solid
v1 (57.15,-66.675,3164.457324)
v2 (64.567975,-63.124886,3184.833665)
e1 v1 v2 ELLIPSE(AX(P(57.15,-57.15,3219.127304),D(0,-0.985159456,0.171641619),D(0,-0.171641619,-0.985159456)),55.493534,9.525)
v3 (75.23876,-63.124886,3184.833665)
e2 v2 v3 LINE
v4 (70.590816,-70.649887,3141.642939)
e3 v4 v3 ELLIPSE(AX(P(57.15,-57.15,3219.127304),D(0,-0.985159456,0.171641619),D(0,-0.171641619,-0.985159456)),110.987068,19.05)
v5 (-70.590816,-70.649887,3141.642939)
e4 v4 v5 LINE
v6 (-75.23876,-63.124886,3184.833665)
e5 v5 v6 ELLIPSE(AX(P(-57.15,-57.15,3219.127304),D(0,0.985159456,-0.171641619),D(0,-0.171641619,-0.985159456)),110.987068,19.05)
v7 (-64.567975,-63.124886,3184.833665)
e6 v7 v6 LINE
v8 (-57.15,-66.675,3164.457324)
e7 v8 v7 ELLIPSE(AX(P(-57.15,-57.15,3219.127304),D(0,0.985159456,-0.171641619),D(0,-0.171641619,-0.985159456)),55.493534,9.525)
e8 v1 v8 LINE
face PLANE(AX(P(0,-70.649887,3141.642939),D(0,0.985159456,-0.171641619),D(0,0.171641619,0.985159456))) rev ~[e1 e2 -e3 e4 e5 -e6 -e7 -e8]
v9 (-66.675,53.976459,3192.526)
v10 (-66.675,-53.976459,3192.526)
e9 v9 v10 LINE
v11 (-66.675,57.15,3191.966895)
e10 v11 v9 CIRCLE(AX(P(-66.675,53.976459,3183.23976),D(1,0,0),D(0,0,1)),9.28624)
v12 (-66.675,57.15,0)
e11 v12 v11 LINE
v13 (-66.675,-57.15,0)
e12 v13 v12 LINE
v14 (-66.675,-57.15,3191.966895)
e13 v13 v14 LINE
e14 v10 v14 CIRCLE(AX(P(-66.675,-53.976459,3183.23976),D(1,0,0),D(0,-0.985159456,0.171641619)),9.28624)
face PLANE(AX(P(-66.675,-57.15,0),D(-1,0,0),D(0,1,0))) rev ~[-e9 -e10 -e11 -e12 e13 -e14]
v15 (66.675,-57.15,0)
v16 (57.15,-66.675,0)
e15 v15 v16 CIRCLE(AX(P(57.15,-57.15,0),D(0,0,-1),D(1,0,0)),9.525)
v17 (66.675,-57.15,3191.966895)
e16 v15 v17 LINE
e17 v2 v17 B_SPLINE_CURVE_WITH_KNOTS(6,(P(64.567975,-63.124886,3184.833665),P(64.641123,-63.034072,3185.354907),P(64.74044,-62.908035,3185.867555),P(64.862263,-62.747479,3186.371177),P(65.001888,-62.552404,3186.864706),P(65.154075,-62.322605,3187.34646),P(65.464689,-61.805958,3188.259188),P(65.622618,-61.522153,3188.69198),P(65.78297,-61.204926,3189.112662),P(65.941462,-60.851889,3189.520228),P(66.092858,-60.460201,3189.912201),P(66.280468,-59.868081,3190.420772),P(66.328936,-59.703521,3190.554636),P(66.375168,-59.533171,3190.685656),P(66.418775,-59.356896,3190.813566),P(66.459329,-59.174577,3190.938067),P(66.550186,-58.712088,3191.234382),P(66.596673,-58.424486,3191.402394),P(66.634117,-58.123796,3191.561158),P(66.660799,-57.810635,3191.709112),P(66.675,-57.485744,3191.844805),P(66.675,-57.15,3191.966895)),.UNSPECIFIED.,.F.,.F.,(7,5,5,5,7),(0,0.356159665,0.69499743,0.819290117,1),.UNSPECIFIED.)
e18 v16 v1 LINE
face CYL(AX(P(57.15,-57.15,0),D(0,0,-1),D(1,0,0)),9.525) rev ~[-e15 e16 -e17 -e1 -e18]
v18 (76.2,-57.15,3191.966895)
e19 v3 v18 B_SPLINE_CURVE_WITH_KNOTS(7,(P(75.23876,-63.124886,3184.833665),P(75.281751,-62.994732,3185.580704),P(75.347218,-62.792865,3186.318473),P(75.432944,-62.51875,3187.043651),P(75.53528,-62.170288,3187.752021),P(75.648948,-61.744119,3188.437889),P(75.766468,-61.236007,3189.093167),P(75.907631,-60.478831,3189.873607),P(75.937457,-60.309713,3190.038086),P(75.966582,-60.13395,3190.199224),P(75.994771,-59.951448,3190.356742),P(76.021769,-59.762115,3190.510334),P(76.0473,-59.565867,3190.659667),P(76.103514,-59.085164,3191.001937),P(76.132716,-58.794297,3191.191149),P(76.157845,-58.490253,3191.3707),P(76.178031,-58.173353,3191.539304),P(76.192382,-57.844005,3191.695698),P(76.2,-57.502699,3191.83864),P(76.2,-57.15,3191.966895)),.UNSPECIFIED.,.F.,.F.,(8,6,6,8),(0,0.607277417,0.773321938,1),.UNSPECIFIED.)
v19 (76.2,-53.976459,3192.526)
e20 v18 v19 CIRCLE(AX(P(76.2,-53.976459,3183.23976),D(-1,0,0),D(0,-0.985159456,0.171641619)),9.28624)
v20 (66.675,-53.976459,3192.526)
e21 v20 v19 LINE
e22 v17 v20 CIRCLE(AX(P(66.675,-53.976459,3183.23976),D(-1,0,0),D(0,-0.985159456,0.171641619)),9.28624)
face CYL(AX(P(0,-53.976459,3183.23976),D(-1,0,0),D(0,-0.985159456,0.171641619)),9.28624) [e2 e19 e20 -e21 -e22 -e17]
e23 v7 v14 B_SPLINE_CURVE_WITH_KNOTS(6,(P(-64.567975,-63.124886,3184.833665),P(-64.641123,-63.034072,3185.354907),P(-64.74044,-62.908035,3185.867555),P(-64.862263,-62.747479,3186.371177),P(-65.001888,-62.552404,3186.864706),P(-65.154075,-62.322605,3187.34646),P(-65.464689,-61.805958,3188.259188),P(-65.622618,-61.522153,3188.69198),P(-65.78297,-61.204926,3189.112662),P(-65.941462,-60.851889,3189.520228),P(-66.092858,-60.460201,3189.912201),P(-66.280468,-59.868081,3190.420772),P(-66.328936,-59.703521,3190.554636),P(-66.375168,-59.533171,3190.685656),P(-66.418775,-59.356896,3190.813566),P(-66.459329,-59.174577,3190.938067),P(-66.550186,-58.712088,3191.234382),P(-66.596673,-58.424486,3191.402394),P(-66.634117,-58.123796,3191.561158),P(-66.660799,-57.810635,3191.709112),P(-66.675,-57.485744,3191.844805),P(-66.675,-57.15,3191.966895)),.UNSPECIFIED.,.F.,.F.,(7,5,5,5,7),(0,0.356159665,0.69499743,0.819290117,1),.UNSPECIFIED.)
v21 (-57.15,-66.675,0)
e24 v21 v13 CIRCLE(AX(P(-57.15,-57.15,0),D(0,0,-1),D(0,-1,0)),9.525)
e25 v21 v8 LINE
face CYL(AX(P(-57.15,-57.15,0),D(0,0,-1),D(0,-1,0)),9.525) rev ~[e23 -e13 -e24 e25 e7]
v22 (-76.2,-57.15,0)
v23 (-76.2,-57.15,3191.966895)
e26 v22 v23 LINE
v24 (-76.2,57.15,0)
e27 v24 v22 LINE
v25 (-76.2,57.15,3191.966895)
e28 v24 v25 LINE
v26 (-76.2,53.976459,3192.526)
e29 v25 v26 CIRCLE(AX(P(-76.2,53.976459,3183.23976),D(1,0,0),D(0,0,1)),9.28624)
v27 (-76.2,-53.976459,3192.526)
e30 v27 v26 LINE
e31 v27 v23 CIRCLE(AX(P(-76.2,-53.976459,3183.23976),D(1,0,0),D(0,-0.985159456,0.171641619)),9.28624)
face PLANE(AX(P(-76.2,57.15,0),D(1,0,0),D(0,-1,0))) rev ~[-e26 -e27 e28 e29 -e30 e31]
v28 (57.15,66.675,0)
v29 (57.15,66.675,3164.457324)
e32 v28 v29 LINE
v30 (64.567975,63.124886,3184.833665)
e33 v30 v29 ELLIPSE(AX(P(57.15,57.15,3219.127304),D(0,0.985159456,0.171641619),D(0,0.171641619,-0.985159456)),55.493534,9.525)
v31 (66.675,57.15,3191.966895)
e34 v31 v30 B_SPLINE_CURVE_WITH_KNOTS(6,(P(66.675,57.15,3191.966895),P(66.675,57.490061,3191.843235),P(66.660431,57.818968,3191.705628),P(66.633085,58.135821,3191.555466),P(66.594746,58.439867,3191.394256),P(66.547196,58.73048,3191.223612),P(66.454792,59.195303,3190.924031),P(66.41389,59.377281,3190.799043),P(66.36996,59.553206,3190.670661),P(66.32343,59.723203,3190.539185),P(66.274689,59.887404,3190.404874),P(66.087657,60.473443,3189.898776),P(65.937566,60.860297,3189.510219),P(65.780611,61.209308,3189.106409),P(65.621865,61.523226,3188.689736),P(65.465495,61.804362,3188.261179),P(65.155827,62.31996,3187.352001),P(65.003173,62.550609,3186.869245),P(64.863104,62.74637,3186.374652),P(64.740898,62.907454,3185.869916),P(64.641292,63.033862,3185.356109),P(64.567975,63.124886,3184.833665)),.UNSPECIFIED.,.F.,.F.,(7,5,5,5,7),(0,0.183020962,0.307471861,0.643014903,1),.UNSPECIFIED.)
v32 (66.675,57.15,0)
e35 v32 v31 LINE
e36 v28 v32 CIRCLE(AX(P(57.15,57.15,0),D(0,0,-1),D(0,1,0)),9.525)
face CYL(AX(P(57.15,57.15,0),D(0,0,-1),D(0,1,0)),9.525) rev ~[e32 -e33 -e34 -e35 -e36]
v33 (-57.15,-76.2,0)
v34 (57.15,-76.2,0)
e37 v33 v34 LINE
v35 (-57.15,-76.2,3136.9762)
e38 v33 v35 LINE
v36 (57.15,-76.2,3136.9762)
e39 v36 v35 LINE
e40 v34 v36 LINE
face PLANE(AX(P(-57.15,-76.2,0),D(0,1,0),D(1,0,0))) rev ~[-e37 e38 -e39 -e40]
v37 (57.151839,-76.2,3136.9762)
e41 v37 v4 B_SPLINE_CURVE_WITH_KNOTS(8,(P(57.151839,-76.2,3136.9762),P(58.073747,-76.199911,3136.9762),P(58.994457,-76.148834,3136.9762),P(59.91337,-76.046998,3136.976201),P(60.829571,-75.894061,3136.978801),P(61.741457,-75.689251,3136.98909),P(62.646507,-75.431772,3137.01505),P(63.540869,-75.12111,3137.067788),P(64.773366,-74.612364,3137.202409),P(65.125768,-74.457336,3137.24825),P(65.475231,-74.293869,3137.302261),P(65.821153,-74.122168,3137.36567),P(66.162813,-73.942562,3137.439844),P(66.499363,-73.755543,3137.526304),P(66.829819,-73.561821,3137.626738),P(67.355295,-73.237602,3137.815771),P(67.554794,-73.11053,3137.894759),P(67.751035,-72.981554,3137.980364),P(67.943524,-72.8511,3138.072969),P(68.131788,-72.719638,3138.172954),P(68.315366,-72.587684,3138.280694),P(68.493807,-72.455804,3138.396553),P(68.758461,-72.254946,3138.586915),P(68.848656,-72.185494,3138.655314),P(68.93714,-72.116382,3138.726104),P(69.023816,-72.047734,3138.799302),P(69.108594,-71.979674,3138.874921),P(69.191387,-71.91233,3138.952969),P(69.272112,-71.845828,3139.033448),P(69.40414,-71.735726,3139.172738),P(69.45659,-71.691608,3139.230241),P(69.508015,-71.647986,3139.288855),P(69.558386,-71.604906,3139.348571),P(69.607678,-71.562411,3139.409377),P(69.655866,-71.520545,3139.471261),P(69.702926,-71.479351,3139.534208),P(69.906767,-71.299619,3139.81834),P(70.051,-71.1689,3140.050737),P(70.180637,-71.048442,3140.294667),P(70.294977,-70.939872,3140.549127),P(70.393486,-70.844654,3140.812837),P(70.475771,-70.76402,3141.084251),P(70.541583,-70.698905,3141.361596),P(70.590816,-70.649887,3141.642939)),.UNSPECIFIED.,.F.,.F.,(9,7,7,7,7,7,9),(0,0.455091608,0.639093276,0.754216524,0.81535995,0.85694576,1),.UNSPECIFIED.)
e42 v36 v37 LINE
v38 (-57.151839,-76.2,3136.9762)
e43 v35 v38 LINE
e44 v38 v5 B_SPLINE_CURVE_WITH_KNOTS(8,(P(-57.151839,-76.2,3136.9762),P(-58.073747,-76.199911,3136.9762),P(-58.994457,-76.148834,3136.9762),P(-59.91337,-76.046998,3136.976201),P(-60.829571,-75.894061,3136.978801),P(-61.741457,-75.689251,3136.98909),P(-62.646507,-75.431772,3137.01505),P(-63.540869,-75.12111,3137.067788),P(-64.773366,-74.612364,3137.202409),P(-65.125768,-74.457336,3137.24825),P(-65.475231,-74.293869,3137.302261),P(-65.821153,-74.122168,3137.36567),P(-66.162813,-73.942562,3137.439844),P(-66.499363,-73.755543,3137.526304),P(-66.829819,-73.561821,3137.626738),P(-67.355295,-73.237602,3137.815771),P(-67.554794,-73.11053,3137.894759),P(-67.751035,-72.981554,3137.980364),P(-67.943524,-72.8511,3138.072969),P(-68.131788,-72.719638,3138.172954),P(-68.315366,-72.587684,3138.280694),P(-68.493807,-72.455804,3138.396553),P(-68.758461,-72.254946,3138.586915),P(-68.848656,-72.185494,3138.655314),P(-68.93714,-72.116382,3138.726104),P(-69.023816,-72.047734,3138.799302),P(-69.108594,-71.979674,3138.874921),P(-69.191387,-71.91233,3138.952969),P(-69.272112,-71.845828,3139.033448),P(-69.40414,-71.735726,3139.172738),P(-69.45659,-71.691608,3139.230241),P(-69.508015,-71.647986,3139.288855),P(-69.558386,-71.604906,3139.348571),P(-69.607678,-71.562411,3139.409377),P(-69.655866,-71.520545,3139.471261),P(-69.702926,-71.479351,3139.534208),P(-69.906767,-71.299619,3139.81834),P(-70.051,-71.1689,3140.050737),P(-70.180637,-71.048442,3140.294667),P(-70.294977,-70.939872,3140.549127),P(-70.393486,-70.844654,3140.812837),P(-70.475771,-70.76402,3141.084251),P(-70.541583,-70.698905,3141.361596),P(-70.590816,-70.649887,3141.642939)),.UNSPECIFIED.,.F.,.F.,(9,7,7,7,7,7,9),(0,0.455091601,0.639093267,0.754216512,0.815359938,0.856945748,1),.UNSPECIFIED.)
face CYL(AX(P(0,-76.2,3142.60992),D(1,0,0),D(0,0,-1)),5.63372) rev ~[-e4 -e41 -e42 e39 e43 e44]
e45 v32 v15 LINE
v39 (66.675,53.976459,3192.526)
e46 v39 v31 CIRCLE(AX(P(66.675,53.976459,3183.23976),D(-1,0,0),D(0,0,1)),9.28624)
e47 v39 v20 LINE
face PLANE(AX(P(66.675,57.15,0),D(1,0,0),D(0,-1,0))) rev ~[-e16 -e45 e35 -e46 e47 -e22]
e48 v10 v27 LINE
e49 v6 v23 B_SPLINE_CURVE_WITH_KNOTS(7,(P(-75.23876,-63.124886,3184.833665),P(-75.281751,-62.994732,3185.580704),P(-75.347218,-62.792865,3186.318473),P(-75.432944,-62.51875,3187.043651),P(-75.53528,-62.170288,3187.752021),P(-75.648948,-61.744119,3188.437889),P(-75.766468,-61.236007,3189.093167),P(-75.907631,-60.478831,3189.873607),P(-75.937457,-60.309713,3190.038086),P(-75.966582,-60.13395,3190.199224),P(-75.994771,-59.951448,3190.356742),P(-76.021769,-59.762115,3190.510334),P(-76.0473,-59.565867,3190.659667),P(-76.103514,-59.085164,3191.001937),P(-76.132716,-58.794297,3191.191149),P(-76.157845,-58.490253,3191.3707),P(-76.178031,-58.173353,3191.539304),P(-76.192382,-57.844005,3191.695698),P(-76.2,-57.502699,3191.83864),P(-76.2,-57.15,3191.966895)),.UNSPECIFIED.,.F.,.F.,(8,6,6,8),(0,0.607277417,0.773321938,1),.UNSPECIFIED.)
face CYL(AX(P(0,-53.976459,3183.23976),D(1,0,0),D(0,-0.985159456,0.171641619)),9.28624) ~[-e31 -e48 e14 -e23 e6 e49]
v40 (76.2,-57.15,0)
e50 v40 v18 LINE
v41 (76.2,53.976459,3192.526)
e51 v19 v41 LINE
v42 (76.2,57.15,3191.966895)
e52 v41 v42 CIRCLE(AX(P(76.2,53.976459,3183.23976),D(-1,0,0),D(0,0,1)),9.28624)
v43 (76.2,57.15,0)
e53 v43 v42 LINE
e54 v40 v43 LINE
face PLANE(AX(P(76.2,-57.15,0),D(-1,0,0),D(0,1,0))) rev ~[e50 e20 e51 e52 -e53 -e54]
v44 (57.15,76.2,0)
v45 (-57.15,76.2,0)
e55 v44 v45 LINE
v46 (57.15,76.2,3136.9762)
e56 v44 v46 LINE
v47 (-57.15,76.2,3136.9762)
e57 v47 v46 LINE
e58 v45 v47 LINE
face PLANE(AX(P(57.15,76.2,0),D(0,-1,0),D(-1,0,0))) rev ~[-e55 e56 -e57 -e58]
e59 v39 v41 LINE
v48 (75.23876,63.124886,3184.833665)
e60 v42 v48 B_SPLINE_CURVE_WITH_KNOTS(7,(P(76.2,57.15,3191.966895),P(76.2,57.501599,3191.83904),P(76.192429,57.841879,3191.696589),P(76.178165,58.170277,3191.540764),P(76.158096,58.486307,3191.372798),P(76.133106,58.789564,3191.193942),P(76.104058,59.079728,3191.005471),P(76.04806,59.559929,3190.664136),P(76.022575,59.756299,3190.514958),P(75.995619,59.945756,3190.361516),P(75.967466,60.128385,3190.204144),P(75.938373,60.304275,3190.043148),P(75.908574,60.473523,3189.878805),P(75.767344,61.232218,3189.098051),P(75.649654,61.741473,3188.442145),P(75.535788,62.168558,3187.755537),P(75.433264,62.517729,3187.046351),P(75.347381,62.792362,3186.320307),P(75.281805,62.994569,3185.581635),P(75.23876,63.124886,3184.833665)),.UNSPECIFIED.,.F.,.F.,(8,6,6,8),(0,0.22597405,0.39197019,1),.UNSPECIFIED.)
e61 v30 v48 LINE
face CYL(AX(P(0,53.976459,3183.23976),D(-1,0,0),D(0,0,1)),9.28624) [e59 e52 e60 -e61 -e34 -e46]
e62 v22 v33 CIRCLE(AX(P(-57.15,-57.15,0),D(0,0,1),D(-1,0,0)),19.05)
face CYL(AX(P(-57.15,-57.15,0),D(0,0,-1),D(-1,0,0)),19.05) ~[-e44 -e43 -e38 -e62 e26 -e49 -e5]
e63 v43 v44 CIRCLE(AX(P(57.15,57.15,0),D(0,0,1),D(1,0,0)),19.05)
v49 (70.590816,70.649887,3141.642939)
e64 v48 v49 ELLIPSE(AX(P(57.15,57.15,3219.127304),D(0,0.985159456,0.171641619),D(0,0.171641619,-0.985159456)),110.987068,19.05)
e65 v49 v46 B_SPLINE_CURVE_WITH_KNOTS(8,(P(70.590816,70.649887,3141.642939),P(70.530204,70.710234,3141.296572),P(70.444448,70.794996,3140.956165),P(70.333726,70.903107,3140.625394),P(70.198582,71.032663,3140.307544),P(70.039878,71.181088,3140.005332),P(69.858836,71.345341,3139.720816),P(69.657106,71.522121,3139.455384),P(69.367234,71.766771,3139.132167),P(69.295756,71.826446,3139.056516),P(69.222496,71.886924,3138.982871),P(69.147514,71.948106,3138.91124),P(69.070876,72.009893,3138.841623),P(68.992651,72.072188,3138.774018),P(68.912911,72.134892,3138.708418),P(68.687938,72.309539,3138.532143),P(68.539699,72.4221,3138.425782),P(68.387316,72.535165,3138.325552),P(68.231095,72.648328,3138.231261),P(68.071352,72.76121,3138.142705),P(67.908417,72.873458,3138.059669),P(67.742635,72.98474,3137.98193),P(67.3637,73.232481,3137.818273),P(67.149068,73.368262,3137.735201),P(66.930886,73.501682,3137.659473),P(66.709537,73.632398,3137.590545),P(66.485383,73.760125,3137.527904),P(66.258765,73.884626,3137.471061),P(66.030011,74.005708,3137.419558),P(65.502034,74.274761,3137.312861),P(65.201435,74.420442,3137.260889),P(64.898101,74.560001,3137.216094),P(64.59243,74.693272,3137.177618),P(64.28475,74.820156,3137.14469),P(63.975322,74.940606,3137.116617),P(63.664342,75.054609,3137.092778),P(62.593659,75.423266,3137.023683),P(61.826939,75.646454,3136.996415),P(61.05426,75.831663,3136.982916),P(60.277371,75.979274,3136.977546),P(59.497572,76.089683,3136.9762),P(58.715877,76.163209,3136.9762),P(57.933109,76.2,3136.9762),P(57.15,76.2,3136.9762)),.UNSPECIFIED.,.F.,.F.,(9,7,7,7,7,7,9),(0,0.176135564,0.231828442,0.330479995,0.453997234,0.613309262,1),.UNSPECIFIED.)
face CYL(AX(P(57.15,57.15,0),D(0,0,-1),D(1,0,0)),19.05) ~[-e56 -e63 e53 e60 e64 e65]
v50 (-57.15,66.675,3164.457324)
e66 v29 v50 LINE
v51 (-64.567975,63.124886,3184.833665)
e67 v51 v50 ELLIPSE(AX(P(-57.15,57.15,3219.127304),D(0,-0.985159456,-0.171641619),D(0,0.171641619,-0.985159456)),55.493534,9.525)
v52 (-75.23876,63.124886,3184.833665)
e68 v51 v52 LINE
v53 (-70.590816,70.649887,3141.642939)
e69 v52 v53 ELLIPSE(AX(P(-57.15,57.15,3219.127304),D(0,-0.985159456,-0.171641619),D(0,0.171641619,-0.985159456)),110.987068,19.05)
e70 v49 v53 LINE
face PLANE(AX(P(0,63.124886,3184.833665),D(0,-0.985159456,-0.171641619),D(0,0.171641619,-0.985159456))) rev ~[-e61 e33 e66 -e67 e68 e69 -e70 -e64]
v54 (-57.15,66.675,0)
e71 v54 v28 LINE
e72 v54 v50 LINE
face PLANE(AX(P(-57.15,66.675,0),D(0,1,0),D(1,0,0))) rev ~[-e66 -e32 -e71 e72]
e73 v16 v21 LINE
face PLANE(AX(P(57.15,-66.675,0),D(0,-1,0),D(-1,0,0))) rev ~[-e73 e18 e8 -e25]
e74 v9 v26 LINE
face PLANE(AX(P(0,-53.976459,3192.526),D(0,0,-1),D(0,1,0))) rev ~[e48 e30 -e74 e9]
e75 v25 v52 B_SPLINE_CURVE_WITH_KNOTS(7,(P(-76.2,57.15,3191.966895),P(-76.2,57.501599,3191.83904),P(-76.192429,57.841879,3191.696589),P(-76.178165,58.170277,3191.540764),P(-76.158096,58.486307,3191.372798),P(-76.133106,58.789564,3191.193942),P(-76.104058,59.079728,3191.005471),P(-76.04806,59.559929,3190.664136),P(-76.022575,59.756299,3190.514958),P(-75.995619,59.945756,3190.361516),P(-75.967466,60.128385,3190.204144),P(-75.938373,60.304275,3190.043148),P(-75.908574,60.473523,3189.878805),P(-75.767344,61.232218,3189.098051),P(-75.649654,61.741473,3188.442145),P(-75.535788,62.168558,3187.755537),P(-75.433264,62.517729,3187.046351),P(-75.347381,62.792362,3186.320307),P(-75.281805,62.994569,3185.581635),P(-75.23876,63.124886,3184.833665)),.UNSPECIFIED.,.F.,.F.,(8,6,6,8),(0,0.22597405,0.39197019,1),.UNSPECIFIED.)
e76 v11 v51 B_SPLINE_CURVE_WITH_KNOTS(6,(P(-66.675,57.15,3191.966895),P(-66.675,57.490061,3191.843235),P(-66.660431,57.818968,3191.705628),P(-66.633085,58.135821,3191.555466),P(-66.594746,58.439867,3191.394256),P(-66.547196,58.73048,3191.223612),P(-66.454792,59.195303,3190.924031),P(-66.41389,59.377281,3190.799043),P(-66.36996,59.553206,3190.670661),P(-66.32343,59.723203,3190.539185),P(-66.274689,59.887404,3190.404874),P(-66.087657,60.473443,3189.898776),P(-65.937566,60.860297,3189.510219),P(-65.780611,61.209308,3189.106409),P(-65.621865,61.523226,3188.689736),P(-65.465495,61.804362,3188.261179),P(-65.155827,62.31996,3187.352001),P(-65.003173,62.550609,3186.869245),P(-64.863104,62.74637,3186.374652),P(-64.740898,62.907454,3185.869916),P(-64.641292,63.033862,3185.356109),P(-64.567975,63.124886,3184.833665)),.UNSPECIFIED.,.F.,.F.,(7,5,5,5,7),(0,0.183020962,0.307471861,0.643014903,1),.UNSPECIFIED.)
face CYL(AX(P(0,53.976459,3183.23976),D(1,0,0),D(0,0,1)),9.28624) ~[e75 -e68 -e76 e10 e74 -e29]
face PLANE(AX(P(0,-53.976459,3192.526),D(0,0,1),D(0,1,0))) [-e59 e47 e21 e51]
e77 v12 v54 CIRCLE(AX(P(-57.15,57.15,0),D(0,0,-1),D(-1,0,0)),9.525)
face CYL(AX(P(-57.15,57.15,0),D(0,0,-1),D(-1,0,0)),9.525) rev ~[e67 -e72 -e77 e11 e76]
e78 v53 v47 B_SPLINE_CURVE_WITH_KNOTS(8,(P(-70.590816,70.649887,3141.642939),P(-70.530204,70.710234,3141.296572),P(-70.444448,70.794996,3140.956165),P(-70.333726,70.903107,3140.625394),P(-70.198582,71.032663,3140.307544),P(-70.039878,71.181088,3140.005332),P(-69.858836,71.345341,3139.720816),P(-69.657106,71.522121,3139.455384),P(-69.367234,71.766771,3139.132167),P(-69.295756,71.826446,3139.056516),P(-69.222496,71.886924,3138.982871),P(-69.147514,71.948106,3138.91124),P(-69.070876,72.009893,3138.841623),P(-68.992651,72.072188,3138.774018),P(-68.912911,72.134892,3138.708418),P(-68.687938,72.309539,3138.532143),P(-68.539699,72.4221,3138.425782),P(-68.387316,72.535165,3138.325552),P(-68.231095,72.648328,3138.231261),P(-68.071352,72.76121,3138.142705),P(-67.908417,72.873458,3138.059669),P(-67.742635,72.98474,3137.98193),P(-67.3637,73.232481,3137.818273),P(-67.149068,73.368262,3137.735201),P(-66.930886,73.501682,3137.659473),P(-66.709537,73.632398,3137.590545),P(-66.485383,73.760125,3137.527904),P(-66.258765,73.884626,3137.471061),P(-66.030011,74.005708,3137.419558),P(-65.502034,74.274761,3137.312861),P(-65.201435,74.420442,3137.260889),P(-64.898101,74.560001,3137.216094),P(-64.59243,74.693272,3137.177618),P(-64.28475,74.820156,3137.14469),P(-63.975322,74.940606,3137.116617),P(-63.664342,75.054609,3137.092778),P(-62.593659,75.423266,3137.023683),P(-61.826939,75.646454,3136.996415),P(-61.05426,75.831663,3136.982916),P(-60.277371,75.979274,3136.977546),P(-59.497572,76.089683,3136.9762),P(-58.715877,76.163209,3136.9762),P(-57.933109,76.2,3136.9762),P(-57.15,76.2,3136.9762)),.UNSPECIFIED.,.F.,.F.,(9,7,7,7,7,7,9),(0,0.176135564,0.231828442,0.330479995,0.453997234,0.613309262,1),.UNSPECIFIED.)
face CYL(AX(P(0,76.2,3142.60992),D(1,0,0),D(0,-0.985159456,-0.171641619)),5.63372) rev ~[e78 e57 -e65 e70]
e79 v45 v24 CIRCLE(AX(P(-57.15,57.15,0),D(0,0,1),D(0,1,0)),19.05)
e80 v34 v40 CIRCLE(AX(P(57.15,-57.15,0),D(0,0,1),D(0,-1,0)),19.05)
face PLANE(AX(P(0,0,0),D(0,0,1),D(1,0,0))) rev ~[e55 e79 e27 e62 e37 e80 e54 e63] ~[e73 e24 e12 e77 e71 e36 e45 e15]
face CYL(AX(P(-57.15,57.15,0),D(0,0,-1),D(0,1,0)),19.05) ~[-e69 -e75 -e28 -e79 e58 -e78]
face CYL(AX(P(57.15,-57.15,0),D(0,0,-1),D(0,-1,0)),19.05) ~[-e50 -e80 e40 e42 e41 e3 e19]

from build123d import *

# Parameters (mm, degrees)
F1_DEPTH      = 3200.4
F3_DEPTH      = 76.201
F3_DEPTH_BACK = 76.201


with BuildPart() as f1:
    # F0 (on Top) → F1 (new body)
    with BuildSketch(Plane.XY):
        with BuildLine():
            ThreePointArc((-76.2, -57.15), (-70.6203841816, -70.6203841816), (-57.15, -76.2))
            Line((-57.15, -76.2), (57.15, -76.2))
            ThreePointArc((57.15, -76.2), (70.6203841816, -70.6203841816), (76.2, -57.15))
            Line((76.2, -57.15), (76.2, 57.15))
            ThreePointArc((76.2, 57.15), (70.6203841816, 70.6203841816), (57.15, 76.2))
            Line((57.15, 76.2), (-57.15, 76.2))
            ThreePointArc((-57.15, 76.2), (-70.6203841816, 70.6203841816), (-76.2, 57.15))
            Line((-76.2, 57.15), (-76.2, -57.15))
        make_face()
        with BuildLine():
            Line((57.15, -66.675), (-57.15, -66.675))
            ThreePointArc((-57.15, -66.675), (-63.8851920908, -63.8851920908), (-66.675, -57.15))
            Line((-66.675, -57.15), (-66.675, 57.15))
            ThreePointArc((-66.675, 57.15), (-63.8851920908, 63.8851920908), (-57.15, 66.675))
            Line((-57.15, 66.675), (57.15, 66.675))
            ThreePointArc((57.15, 66.675), (63.8851920908, 63.8851920908), (66.675, 57.15))
            Line((66.675, 57.15), (66.675, -57.15))
            ThreePointArc((66.675, -57.15), (63.8851920908, -63.8851920908), (57.15, -66.675))
        make_face(mode=Mode.SUBTRACT)
    extrude(amount=F1_DEPTH)

    # F2 (on Right) → F3 (cut, two sides)
    with BuildSketch(Plane.YZ) as f3_sk:
        with BuildLine():
            Line((76.2, 3200.4), (-76.2, 3200.4))
            Line((-76.2, 3200.4), (-76.2, 3136.9762))
            ThreePointArc((-76.2, 3136.9762), (-72.5743206269, 3138.2979308857), (-70.6498874673, 3141.6429391766))
            Line((-70.6498874673, 3141.6429391766), (-63.1248861925, 3184.8336652708))
            ThreePointArc((-63.1248861925, 3184.8336652708), (-59.95278176, 3190.3473489097), (-53.9764590421, 3192.526))
            Line((-53.9764590421, 3192.526), (53.9764590421, 3192.526))
            ThreePointArc((53.9764590421, 3192.526), (59.95278176, 3190.3473489097), (63.1248861925, 3184.8336652708))
            Line((63.1248861925, 3184.8336652708), (70.6498874673, 3141.6429391766))
            ThreePointArc((70.6498874673, 3141.6429391766), (72.5743206269, 3138.2979308857), (76.2, 3136.9762))
            Line((76.2, 3136.9762), (76.2, 3200.4))
        make_face()
    extrude(amount=-F3_DEPTH, mode=Mode.SUBTRACT)
    extrude(f3_sk.sketch, amount=F3_DEPTH_BACK, mode=Mode.SUBTRACT)


solid = f1.part
